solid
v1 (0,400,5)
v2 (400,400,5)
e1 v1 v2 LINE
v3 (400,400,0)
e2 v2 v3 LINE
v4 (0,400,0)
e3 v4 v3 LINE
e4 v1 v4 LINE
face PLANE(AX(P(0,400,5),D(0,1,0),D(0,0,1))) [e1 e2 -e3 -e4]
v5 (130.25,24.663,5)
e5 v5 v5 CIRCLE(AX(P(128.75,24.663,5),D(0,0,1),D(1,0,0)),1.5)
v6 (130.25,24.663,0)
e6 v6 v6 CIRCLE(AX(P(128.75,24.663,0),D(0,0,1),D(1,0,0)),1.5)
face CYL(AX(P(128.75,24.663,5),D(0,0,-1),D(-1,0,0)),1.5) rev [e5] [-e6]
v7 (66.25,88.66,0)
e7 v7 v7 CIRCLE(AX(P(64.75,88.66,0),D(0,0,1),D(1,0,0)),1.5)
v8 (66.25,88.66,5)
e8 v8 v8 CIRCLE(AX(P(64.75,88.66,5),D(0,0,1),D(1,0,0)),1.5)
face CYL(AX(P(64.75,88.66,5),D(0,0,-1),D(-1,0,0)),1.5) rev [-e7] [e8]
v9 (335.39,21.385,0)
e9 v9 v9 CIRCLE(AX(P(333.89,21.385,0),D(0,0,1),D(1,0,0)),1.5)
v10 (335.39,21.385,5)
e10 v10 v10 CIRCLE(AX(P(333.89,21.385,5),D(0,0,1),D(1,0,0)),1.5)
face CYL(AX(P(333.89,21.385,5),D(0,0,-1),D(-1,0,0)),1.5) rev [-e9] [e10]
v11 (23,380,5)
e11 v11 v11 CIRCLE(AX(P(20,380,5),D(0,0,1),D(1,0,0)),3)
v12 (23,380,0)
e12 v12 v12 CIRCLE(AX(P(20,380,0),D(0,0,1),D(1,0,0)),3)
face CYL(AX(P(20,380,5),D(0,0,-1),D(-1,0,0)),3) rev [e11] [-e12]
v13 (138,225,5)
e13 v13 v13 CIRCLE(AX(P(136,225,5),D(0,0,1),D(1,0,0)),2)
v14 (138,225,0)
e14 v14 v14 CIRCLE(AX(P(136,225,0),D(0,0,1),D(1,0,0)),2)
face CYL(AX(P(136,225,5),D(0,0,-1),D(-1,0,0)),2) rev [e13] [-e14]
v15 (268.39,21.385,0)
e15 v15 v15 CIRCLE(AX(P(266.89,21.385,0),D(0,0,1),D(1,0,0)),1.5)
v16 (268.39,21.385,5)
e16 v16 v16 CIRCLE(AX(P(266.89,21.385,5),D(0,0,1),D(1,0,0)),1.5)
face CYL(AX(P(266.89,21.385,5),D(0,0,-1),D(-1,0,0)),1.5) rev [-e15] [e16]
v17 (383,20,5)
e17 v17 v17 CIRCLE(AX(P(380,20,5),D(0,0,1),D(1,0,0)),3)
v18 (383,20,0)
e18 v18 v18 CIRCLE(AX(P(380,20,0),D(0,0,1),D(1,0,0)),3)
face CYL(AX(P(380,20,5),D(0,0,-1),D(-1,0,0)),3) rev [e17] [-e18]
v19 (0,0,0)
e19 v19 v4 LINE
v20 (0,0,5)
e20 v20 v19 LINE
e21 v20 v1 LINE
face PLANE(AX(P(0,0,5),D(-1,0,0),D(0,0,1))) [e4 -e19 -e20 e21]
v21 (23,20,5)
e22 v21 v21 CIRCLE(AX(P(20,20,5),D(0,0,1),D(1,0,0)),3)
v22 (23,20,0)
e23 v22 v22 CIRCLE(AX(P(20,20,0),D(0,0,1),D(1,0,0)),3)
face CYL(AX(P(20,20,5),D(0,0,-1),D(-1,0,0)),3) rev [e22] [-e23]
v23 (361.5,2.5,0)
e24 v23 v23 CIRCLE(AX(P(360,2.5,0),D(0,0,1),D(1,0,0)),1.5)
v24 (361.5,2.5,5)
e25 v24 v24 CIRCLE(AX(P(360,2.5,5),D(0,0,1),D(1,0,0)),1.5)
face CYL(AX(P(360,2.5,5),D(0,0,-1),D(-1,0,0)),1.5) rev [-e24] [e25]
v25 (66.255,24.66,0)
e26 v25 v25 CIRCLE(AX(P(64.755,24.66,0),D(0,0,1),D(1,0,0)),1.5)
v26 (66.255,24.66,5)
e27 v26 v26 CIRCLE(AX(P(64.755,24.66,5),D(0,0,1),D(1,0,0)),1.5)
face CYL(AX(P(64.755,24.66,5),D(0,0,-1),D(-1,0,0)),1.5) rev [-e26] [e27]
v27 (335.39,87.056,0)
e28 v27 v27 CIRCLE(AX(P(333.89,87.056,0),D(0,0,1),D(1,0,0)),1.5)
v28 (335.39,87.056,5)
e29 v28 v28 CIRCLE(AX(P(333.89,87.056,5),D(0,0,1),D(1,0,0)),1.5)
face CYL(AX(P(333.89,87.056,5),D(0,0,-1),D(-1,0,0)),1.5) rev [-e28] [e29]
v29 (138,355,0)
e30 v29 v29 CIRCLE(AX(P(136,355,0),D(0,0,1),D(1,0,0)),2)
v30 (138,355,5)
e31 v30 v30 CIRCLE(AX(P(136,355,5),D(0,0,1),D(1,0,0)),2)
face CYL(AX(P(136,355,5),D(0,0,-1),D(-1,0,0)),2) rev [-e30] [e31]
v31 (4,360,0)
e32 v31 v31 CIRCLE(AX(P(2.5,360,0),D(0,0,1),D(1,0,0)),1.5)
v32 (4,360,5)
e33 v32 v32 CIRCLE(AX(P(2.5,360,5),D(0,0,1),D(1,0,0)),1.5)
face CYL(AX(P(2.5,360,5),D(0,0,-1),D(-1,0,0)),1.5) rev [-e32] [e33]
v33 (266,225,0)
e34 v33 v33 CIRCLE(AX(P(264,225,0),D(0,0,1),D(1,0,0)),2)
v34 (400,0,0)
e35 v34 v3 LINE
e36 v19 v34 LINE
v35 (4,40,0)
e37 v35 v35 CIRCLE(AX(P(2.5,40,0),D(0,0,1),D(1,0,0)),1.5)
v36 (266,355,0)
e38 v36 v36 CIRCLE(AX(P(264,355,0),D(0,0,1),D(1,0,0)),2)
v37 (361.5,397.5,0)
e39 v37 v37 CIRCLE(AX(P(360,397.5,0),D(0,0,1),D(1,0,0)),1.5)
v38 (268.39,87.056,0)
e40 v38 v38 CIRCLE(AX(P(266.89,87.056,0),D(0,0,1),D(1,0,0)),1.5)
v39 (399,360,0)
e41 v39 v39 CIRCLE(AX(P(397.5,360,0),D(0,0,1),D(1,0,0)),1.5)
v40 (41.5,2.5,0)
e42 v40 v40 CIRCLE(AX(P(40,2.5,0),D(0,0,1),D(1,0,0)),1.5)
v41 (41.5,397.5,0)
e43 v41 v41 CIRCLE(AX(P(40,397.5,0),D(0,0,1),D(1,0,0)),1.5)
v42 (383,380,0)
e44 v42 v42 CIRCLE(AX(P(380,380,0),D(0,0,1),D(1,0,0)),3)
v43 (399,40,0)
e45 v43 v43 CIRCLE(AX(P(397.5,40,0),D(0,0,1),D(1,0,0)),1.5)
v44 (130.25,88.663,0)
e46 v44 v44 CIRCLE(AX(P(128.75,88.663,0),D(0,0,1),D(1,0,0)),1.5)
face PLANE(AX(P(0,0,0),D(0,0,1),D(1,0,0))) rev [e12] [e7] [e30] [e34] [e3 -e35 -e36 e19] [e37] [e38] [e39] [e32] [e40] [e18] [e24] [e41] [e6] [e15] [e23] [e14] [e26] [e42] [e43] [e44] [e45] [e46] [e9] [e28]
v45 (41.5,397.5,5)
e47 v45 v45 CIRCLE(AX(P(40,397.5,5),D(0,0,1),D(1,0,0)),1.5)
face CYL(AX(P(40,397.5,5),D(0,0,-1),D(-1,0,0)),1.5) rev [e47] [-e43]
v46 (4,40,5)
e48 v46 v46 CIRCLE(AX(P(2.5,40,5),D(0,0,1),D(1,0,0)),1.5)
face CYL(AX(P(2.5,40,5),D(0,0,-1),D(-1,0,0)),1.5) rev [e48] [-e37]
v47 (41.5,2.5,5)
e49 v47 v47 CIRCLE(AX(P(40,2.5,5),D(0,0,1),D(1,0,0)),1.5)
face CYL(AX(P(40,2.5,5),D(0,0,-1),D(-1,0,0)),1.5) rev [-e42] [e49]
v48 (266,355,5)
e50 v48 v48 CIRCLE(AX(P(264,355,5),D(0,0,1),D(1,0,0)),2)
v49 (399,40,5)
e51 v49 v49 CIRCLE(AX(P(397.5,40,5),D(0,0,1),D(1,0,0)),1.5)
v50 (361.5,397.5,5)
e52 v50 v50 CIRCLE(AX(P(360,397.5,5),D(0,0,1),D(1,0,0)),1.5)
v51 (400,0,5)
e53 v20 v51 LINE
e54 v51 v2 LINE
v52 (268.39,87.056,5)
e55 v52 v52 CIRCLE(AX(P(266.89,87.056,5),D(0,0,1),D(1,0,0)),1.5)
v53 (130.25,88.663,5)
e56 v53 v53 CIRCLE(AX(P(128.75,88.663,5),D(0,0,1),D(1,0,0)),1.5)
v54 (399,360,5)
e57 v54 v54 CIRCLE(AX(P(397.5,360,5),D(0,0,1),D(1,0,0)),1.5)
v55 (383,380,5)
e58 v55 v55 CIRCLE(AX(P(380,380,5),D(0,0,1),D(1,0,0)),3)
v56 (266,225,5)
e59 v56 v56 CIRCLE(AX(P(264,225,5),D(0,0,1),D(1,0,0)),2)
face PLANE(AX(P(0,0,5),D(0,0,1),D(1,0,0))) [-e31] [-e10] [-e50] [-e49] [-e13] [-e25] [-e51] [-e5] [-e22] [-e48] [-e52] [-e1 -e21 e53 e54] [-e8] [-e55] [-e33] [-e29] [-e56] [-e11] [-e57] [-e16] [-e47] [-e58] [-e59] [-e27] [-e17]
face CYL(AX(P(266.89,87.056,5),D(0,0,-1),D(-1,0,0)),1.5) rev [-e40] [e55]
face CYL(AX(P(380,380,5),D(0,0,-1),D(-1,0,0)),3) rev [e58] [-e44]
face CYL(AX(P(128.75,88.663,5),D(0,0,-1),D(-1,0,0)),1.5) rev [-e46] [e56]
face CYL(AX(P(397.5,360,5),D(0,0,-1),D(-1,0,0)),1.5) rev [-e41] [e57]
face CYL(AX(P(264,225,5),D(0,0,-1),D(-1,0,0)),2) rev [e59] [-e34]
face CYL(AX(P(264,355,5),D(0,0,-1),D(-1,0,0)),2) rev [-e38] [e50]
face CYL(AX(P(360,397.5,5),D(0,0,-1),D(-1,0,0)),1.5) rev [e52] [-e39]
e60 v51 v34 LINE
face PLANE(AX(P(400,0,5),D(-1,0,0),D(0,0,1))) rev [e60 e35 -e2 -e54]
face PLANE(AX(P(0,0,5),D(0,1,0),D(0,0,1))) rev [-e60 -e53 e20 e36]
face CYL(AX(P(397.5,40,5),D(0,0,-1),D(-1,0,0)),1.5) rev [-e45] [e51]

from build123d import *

# Parameters (mm, degrees)
SKETCH1_W           = 400
SKETCH1_H           = 400
SKETCH1_R           = 3
SKETCH1_R_2         = 2
SKETCH1_R_3         = 1.5
BOSS_EXTRUDE1_DEPTH = 5


with BuildPart() as part:
    # Sketch1 → Boss-Extrude1 (new body)
    with BuildSketch(Plane.XY):
        with Locations((200, 200)):
            Rectangle(SKETCH1_W, SKETCH1_H)
        with Locations((20, 380)):
            Circle(SKETCH1_R, mode=Mode.SUBTRACT)
        with Locations((20, 20)):
            Circle(SKETCH1_R, mode=Mode.SUBTRACT)
        with Locations((380, 20)):
            Circle(SKETCH1_R, mode=Mode.SUBTRACT)
        with Locations((380, 380)):
            Circle(SKETCH1_R, mode=Mode.SUBTRACT)
        with Locations((136, 355)):
            Circle(SKETCH1_R_2, mode=Mode.SUBTRACT)
        with Locations((136, 225)):
            Circle(SKETCH1_R_2, mode=Mode.SUBTRACT)
        with Locations((264, 225)):
            Circle(SKETCH1_R_2, mode=Mode.SUBTRACT)
        with Locations((264, 355)):
            Circle(SKETCH1_R_2, mode=Mode.SUBTRACT)
        with Locations((40, 2.5)):
            Circle(SKETCH1_R_3, mode=Mode.SUBTRACT)
        with Locations((2.5, 40)):
            Circle(SKETCH1_R_3, mode=Mode.SUBTRACT)
        with Locations((2.5, 360)):
            Circle(SKETCH1_R_3, mode=Mode.SUBTRACT)
        with Locations((397.5, 360)):
            Circle(SKETCH1_R_3, mode=Mode.SUBTRACT)
        with Locations((360, 2.5)):
            Circle(SKETCH1_R_3, mode=Mode.SUBTRACT)
        with Locations((40, 397.5)):
            Circle(SKETCH1_R_3, mode=Mode.SUBTRACT)
        with Locations((360, 397.5)):
            Circle(SKETCH1_R_3, mode=Mode.SUBTRACT)
        with Locations((397.5, 40)):
            Circle(SKETCH1_R_3, mode=Mode.SUBTRACT)
        with Locations((333.89, 21.385)):
            Circle(SKETCH1_R_3, mode=Mode.SUBTRACT)
        with Locations((266.89, 21.385)):
            Circle(SKETCH1_R_3, mode=Mode.SUBTRACT)
        with Locations((266.89, 87.056)):
            Circle(SKETCH1_R_3, mode=Mode.SUBTRACT)
        with Locations((333.89, 87.056)):
            Circle(SKETCH1_R_3, mode=Mode.SUBTRACT)
        with Locations((128.75, 24.663)):
            Circle(SKETCH1_R_3, mode=Mode.SUBTRACT)
        with Locations((64.755, 24.66)):
            Circle(SKETCH1_R_3, mode=Mode.SUBTRACT)
        with Locations((128.75, 88.663)):
            Circle(SKETCH1_R_3, mode=Mode.SUBTRACT)
        with Locations((64.75, 88.66)):
            Circle(SKETCH1_R_3, mode=Mode.SUBTRACT)
    extrude(amount=BOSS_EXTRUDE1_DEPTH)


solid = part.part
